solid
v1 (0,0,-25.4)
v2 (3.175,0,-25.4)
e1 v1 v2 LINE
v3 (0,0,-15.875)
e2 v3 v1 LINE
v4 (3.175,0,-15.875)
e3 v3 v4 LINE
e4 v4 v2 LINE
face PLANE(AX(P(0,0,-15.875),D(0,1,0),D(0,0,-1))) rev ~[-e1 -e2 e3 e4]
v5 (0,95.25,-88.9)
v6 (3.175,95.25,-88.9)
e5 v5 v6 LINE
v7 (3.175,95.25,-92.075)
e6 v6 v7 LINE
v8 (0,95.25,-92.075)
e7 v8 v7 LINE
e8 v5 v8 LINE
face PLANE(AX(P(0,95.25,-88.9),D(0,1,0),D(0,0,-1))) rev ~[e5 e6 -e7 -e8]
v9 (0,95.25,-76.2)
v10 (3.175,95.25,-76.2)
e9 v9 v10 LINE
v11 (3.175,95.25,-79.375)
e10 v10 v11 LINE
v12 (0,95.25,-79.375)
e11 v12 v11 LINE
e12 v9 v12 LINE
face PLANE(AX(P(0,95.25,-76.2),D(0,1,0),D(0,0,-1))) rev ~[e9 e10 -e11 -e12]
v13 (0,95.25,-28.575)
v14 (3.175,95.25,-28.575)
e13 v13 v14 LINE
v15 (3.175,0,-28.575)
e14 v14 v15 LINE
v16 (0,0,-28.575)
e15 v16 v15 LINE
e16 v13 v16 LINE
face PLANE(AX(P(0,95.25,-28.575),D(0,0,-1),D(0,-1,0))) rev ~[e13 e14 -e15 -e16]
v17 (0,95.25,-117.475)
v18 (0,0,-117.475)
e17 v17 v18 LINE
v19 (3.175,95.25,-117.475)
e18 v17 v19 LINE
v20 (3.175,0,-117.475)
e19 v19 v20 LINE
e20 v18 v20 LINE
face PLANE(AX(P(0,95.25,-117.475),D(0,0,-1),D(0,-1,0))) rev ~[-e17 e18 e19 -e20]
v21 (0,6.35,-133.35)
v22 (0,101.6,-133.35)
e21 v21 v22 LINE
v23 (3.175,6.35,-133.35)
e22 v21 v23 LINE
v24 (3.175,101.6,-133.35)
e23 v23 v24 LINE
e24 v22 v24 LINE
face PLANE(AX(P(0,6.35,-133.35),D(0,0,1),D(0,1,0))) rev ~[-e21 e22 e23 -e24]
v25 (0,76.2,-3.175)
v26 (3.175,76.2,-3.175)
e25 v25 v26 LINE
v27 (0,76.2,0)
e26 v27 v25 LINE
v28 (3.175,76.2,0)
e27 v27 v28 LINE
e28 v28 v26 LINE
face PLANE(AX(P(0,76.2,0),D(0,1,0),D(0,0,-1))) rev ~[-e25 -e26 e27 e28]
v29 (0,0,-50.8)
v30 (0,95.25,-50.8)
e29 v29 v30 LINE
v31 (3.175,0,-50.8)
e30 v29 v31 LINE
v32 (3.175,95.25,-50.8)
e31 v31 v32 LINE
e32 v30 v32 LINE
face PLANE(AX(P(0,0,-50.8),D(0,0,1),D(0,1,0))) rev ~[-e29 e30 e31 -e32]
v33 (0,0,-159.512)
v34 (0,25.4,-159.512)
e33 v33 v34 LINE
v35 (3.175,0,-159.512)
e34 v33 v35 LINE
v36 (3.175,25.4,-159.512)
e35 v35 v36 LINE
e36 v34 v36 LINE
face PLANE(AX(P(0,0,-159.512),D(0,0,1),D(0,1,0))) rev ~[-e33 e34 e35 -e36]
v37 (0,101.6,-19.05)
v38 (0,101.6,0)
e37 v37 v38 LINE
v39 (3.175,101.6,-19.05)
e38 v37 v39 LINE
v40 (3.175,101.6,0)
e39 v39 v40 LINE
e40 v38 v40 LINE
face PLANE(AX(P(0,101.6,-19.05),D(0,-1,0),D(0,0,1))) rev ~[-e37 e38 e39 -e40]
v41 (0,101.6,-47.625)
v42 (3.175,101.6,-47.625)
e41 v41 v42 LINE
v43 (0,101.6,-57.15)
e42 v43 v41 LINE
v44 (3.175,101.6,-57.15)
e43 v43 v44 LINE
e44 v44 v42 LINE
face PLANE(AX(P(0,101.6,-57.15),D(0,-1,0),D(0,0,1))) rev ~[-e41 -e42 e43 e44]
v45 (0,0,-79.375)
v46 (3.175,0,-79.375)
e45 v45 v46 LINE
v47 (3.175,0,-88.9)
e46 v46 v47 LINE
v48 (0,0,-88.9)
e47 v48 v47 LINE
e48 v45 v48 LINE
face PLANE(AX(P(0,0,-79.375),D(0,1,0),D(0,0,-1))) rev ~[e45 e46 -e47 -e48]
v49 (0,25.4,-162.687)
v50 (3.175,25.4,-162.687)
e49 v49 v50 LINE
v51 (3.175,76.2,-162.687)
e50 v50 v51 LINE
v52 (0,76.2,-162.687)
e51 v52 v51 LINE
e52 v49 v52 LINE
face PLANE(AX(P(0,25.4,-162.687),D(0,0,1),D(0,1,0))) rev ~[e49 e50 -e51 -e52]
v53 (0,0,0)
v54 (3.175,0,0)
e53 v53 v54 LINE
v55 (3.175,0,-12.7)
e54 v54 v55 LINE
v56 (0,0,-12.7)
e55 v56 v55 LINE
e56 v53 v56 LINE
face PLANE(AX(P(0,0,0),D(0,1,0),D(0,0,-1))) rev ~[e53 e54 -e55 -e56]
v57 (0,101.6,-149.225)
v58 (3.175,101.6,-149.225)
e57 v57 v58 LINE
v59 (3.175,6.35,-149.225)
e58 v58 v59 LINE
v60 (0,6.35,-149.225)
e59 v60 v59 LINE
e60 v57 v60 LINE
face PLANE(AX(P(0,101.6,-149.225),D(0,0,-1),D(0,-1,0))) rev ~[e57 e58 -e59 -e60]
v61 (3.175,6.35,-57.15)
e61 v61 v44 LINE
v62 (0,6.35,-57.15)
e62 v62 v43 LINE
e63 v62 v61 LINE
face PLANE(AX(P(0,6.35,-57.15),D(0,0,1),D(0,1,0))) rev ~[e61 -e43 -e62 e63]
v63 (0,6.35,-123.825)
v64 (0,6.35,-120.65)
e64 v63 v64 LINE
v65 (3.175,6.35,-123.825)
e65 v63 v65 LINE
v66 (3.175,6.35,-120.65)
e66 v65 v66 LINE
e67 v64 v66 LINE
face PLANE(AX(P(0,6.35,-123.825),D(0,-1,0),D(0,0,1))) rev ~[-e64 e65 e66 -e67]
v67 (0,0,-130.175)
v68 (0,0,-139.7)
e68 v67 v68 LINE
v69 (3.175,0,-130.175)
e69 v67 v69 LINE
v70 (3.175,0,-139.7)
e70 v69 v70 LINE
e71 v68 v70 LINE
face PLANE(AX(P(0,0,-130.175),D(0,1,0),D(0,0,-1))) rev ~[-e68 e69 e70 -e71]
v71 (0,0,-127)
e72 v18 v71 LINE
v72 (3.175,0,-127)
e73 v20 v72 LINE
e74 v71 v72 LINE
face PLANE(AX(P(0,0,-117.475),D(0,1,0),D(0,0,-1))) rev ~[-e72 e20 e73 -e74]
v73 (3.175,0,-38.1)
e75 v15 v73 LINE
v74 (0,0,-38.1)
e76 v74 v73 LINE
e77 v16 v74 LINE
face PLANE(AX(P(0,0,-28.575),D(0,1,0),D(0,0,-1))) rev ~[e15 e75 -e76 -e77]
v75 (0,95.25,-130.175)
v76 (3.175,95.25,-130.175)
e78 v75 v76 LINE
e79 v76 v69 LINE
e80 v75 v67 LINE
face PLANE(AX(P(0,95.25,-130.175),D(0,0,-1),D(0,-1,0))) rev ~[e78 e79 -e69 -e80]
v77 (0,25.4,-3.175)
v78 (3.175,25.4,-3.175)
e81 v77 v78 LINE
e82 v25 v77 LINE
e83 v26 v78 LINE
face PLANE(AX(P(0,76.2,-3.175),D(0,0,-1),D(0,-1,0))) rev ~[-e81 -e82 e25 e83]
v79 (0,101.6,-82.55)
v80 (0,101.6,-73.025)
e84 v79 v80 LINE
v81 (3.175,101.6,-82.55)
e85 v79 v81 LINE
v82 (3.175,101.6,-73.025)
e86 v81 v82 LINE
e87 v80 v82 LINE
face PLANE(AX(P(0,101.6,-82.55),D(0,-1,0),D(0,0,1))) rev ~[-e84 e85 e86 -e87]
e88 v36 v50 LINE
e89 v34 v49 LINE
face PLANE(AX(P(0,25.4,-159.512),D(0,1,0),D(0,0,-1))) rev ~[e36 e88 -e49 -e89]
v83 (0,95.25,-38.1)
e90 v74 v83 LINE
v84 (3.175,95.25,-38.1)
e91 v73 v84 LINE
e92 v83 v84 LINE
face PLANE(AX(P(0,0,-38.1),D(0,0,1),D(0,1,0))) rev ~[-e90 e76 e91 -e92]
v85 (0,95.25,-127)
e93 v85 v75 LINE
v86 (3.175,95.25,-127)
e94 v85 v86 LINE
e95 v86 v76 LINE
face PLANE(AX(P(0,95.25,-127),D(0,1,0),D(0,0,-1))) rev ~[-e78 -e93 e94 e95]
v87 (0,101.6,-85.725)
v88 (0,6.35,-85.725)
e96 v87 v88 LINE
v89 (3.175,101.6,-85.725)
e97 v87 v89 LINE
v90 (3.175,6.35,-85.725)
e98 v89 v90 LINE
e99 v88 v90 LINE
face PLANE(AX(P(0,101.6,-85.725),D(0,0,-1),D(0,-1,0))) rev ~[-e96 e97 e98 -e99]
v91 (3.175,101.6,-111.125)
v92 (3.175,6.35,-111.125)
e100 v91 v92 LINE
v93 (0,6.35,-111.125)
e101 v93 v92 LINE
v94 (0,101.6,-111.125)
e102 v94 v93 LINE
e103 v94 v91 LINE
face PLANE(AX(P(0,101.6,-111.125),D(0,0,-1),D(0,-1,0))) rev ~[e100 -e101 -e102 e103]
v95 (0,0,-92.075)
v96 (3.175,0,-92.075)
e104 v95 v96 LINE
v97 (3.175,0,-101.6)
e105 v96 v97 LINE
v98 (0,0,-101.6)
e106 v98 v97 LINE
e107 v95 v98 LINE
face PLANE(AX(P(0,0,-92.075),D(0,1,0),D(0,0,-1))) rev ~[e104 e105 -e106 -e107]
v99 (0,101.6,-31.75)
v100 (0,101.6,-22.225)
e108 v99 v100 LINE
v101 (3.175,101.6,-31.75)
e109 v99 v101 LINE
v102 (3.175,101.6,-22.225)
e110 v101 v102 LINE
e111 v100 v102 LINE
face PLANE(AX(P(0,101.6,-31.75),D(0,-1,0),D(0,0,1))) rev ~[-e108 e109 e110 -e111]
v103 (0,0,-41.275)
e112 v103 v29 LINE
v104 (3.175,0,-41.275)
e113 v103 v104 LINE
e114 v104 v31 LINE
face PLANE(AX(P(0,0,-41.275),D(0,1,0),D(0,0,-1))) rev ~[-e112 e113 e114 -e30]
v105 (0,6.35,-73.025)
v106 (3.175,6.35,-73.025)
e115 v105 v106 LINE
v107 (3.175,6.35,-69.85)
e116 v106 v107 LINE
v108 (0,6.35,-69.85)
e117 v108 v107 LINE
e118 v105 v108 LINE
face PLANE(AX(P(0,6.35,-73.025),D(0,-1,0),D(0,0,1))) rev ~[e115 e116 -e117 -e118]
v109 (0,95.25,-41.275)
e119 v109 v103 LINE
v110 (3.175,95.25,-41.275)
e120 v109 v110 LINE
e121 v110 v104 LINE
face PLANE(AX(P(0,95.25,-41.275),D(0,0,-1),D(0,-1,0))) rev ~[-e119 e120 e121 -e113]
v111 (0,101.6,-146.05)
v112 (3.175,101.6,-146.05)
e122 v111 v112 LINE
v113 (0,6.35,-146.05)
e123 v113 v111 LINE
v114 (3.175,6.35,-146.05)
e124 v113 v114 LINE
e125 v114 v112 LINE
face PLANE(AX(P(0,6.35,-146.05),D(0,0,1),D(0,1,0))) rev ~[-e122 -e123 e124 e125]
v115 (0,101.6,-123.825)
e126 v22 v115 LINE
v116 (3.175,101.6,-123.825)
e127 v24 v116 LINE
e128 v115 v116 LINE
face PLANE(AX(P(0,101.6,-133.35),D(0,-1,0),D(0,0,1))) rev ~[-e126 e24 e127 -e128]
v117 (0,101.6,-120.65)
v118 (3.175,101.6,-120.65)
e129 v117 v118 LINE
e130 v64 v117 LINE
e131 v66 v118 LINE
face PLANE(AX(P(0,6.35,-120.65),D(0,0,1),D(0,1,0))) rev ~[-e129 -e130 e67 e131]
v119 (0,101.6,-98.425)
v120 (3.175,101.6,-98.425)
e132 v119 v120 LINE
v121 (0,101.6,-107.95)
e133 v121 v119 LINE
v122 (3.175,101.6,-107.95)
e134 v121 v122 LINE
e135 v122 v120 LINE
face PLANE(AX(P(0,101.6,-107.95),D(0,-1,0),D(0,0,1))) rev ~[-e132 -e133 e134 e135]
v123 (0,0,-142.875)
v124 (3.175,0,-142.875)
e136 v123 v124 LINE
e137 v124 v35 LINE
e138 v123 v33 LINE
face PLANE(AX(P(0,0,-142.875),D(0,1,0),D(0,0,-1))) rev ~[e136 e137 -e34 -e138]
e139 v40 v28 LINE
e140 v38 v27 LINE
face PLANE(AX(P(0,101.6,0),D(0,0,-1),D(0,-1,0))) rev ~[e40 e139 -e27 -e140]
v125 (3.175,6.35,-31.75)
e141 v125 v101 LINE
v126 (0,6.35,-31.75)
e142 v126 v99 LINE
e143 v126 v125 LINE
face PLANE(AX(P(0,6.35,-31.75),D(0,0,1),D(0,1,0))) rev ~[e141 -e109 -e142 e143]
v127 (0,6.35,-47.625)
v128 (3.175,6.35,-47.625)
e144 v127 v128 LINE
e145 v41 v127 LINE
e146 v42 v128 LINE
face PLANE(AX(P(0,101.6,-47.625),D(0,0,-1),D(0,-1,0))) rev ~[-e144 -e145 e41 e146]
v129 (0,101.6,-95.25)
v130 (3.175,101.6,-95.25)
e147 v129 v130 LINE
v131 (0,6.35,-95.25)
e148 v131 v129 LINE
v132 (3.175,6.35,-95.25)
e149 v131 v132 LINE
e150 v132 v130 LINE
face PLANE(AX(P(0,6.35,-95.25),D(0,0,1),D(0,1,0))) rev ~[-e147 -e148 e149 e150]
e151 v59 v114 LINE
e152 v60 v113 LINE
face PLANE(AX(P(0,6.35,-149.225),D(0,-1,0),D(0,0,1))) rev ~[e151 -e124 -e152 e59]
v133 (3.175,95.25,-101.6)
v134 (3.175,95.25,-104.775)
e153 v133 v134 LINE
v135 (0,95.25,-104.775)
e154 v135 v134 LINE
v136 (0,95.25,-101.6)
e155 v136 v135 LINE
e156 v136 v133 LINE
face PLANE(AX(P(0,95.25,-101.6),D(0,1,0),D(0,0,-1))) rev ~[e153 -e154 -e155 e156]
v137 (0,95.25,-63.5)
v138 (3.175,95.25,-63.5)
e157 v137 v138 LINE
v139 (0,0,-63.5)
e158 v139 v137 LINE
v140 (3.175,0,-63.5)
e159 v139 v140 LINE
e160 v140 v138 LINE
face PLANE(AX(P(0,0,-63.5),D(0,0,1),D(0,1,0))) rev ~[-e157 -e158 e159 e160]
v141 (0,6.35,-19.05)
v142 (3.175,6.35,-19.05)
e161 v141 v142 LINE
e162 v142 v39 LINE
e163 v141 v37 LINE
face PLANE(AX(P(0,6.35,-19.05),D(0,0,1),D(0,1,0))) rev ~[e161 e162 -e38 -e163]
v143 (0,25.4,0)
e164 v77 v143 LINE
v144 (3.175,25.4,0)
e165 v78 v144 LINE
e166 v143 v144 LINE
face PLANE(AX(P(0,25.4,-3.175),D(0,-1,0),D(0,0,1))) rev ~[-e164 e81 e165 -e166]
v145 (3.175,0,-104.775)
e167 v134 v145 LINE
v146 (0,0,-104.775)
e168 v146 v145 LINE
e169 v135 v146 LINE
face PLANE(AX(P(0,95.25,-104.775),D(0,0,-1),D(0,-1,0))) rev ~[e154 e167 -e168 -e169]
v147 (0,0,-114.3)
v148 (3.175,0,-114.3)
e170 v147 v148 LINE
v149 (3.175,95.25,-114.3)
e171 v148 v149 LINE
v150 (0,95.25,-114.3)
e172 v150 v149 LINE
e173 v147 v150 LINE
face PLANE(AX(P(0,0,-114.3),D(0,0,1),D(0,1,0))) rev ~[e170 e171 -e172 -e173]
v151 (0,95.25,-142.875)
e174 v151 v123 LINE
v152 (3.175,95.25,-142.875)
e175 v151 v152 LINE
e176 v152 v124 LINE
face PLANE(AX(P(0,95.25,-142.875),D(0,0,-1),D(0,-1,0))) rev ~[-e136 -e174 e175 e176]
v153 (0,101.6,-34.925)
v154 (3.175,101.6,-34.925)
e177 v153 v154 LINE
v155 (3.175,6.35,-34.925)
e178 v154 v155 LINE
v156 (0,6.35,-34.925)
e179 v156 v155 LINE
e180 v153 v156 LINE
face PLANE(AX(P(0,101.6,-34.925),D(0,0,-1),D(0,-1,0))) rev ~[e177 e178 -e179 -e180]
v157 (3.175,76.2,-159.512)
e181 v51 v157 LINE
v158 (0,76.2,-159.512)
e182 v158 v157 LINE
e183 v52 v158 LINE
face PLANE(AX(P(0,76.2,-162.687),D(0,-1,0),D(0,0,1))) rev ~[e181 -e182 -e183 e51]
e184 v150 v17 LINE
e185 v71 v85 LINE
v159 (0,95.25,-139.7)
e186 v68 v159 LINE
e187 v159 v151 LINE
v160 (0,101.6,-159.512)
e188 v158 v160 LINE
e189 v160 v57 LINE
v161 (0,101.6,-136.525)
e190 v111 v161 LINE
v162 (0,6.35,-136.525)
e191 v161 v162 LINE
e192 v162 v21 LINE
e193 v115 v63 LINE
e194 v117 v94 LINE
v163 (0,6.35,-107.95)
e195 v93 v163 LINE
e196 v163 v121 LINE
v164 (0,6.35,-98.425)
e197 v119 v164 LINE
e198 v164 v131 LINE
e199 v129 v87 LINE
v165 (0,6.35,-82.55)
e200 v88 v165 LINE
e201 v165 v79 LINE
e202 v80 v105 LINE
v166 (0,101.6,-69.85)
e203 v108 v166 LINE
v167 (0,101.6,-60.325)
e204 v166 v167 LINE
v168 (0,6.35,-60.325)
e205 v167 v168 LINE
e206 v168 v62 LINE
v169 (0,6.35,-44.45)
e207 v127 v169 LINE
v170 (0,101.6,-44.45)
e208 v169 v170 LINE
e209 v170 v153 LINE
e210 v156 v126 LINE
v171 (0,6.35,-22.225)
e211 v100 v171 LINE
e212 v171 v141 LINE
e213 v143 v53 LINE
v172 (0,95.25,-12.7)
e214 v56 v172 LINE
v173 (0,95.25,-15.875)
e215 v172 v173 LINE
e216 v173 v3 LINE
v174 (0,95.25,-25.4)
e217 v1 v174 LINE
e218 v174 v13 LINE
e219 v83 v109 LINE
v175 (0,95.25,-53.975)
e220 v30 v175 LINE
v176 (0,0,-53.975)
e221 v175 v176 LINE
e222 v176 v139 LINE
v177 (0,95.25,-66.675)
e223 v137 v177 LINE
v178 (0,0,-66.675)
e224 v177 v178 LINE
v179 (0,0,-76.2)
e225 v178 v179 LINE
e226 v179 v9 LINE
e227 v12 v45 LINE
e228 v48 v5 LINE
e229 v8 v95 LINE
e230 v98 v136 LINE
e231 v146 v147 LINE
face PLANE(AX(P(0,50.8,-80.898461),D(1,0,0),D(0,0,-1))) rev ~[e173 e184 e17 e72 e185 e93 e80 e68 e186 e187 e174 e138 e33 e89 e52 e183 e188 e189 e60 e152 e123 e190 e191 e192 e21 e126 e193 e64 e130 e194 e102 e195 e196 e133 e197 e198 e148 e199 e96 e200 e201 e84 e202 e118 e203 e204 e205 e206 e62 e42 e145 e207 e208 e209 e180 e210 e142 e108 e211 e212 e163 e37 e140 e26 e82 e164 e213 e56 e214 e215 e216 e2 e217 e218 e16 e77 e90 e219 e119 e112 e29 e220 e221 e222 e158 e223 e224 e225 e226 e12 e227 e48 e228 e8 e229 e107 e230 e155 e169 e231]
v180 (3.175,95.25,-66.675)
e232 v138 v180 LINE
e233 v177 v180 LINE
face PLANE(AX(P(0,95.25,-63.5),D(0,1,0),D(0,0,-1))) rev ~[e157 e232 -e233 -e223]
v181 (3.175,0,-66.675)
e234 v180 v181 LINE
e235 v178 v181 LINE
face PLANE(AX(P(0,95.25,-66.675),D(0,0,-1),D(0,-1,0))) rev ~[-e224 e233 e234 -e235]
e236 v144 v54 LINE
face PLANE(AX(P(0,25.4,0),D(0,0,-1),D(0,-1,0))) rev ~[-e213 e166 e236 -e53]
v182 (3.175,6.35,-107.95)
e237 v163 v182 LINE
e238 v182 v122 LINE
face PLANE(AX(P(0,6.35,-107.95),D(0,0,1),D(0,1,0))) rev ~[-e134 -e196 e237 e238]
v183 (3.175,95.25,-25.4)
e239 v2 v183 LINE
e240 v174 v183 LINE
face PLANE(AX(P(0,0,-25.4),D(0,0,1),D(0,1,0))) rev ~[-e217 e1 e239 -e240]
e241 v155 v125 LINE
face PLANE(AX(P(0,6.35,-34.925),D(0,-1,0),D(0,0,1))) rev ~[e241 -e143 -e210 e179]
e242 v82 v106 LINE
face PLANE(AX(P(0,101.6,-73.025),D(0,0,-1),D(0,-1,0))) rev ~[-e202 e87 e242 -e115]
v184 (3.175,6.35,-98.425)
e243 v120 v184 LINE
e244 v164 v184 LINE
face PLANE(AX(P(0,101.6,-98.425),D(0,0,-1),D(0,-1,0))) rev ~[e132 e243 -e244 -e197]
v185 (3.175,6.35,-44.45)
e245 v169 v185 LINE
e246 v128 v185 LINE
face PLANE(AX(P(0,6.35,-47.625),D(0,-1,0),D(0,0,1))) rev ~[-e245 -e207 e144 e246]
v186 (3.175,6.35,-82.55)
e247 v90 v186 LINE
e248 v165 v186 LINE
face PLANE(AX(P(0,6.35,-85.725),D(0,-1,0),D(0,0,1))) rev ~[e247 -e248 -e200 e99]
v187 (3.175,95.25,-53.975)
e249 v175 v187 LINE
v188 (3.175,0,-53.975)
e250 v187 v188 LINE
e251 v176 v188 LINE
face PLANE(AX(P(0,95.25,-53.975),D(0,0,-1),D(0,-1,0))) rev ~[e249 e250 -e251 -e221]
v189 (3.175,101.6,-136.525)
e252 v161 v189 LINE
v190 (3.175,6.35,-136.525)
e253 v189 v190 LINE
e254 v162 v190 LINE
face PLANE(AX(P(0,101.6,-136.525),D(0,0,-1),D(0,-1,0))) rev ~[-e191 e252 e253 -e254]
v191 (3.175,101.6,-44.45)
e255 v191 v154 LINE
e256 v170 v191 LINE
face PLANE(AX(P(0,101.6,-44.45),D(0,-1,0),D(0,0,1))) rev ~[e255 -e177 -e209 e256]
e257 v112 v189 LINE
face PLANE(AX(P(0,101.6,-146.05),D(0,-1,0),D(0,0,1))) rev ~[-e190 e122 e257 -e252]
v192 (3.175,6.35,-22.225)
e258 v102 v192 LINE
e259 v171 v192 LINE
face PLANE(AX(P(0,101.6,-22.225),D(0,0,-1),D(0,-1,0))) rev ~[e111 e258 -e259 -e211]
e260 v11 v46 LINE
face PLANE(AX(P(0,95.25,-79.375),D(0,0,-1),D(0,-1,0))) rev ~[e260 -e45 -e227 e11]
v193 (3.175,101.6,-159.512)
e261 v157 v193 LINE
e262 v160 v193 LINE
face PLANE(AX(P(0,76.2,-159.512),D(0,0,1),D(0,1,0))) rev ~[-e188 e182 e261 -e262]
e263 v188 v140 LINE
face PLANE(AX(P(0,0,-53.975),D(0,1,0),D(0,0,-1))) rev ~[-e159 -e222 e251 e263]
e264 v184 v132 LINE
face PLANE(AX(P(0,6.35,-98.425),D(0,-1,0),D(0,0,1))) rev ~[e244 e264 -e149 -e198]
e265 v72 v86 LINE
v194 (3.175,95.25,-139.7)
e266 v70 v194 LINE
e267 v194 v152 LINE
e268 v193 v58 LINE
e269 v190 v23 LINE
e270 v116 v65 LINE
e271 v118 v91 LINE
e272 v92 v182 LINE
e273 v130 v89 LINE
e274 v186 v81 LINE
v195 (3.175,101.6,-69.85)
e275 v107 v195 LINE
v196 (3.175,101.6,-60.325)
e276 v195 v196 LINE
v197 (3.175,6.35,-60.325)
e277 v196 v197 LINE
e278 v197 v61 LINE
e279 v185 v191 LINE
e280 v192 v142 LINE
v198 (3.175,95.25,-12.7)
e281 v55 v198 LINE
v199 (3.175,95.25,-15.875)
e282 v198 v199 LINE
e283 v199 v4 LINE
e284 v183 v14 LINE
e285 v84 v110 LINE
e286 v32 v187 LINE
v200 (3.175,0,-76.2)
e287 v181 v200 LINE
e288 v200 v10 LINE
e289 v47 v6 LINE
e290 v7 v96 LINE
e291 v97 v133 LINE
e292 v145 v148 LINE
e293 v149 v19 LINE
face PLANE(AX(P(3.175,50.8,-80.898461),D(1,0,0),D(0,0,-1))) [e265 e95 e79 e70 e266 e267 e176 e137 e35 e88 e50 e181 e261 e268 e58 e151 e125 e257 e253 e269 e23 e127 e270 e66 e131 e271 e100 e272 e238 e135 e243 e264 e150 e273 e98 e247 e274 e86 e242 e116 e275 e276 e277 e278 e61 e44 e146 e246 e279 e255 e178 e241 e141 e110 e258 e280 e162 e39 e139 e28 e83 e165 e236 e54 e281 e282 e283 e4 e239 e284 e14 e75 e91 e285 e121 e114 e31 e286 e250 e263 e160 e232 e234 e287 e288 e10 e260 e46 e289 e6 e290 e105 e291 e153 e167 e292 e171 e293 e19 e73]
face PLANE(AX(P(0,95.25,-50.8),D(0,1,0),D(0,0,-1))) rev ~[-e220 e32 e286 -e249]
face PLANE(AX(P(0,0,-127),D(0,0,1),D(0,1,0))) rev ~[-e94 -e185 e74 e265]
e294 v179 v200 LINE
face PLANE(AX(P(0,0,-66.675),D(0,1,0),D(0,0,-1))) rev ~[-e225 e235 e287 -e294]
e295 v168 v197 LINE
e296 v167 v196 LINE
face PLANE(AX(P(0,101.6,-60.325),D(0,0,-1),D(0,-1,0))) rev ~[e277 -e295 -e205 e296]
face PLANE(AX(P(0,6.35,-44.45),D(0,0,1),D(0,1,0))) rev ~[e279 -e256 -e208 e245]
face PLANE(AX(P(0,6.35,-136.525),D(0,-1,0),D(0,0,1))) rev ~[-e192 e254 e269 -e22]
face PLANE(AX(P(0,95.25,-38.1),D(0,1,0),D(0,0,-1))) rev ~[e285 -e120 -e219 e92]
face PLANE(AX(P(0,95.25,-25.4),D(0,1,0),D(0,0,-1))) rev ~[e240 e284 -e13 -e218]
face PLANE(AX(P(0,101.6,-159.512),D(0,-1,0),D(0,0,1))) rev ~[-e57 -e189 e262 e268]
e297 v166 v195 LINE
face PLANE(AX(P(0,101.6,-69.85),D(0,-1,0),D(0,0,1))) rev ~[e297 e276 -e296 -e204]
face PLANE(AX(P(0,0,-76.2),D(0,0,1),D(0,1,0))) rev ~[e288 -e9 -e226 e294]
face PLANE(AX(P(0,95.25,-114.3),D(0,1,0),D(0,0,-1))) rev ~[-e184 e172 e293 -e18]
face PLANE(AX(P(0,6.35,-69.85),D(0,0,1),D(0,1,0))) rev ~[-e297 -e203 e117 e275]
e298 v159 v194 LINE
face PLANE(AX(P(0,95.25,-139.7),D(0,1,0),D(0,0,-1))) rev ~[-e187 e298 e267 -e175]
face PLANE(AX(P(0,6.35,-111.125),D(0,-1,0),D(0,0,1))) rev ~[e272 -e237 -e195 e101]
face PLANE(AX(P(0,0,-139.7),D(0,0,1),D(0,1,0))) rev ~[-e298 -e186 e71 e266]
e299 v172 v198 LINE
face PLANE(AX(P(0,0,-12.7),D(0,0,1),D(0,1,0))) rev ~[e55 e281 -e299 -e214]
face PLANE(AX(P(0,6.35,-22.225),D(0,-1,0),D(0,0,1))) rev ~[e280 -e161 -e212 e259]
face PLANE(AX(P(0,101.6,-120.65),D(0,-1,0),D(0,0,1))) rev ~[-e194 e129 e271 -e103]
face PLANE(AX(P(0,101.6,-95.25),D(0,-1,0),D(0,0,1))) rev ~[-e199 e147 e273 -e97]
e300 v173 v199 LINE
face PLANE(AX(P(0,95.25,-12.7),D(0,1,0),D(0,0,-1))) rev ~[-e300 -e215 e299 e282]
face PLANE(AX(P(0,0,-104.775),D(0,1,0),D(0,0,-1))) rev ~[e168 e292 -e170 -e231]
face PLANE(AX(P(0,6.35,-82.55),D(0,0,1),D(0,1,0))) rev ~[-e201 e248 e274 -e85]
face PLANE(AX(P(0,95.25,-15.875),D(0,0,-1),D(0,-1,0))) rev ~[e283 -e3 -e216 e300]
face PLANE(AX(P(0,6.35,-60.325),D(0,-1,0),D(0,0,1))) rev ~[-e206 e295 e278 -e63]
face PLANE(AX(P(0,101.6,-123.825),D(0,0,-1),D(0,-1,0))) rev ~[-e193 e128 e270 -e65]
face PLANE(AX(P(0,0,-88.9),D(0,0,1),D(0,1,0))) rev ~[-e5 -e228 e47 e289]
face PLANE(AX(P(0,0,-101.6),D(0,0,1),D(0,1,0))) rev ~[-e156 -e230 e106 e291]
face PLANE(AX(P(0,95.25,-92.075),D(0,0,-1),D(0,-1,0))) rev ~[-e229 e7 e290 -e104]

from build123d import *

# Parameters (mm, degrees)
BOSS_EXTRUDE2_DEPTH = 3.175


with BuildPart() as part:
    # Sketch2 → Boss-Extrude2 (new body)
    with BuildSketch(Plane(origin=(0, 0, 0), x_dir=(0, 0, -1), z_dir=(1, 0, 0))):
        Polygon((0, 101.6), (0, 76.2), (3.175, 76.2), (3.175, 25.4), (0, 25.4), (0, 0), (12.7, 0), (12.7, 95.25), (15.875, 95.25), (15.875, 0), (25.4, 0), (25.4, 95.25), (28.575, 95.25), (28.575, 0), (38.1, 0), (38.1, 95.25), (41.275, 95.25), (41.275, 0), (50.8, 0), (50.8, 95.25), (53.975, 95.25), (53.975, 0), (63.5, 0), (63.5, 95.25), (66.675, 95.25), (66.675, 0), (76.2, 0), (76.2, 95.25), (79.375, 95.25), (79.375, 0), (88.9, 0), (88.9, 95.25), (92.075, 95.25), (92.075, 0), (101.6, 0), (101.6, 95.25), (104.775, 95.25), (104.775, 0), (114.3, 0), (114.3, 95.25), (117.475, 95.25), (117.475, 0), (127, 0), (127, 95.25), (130.175, 95.25), (130.175, 0), (139.7, 0), (139.7, 95.25), (142.875, 95.25), (142.875, 0), (159.512, 0), (159.512, 25.4), (162.687, 25.4), (162.687, 76.2), (159.512, 76.2), (159.512, 101.6), (149.225, 101.6), (149.225, 6.35), (146.05, 6.35), (146.05, 101.6), (136.525, 101.6), (136.525, 6.35), (133.35, 6.35), (133.35, 101.6), (123.825, 101.6), (123.825, 6.35), (120.65, 6.35), (120.65, 101.6), (111.125, 101.6), (111.125, 6.35), (107.95, 6.35), (107.95, 101.6), (98.425, 101.6), (98.425, 6.35), (95.25, 6.35), (95.25, 101.6), (85.725, 101.6), (85.725, 6.35), (82.55, 6.35), (82.55, 101.6), (73.025, 101.6), (73.025, 6.35), (69.85, 6.35), (69.85, 101.6), (60.325, 101.6), (60.325, 6.35), (57.15, 6.35), (57.15, 101.6), (47.625, 101.6), (47.625, 6.35), (44.45, 6.35), (44.45, 101.6), (34.925, 101.6), (34.925, 6.35), (31.75, 6.35), (31.75, 101.6), (25.358279829, 101.6), (22.225, 101.6), (22.225, 6.35), (19.05, 6.35), (19.05, 101.6), align=None)
    extrude(amount=BOSS_EXTRUDE2_DEPTH)


solid = part.part
